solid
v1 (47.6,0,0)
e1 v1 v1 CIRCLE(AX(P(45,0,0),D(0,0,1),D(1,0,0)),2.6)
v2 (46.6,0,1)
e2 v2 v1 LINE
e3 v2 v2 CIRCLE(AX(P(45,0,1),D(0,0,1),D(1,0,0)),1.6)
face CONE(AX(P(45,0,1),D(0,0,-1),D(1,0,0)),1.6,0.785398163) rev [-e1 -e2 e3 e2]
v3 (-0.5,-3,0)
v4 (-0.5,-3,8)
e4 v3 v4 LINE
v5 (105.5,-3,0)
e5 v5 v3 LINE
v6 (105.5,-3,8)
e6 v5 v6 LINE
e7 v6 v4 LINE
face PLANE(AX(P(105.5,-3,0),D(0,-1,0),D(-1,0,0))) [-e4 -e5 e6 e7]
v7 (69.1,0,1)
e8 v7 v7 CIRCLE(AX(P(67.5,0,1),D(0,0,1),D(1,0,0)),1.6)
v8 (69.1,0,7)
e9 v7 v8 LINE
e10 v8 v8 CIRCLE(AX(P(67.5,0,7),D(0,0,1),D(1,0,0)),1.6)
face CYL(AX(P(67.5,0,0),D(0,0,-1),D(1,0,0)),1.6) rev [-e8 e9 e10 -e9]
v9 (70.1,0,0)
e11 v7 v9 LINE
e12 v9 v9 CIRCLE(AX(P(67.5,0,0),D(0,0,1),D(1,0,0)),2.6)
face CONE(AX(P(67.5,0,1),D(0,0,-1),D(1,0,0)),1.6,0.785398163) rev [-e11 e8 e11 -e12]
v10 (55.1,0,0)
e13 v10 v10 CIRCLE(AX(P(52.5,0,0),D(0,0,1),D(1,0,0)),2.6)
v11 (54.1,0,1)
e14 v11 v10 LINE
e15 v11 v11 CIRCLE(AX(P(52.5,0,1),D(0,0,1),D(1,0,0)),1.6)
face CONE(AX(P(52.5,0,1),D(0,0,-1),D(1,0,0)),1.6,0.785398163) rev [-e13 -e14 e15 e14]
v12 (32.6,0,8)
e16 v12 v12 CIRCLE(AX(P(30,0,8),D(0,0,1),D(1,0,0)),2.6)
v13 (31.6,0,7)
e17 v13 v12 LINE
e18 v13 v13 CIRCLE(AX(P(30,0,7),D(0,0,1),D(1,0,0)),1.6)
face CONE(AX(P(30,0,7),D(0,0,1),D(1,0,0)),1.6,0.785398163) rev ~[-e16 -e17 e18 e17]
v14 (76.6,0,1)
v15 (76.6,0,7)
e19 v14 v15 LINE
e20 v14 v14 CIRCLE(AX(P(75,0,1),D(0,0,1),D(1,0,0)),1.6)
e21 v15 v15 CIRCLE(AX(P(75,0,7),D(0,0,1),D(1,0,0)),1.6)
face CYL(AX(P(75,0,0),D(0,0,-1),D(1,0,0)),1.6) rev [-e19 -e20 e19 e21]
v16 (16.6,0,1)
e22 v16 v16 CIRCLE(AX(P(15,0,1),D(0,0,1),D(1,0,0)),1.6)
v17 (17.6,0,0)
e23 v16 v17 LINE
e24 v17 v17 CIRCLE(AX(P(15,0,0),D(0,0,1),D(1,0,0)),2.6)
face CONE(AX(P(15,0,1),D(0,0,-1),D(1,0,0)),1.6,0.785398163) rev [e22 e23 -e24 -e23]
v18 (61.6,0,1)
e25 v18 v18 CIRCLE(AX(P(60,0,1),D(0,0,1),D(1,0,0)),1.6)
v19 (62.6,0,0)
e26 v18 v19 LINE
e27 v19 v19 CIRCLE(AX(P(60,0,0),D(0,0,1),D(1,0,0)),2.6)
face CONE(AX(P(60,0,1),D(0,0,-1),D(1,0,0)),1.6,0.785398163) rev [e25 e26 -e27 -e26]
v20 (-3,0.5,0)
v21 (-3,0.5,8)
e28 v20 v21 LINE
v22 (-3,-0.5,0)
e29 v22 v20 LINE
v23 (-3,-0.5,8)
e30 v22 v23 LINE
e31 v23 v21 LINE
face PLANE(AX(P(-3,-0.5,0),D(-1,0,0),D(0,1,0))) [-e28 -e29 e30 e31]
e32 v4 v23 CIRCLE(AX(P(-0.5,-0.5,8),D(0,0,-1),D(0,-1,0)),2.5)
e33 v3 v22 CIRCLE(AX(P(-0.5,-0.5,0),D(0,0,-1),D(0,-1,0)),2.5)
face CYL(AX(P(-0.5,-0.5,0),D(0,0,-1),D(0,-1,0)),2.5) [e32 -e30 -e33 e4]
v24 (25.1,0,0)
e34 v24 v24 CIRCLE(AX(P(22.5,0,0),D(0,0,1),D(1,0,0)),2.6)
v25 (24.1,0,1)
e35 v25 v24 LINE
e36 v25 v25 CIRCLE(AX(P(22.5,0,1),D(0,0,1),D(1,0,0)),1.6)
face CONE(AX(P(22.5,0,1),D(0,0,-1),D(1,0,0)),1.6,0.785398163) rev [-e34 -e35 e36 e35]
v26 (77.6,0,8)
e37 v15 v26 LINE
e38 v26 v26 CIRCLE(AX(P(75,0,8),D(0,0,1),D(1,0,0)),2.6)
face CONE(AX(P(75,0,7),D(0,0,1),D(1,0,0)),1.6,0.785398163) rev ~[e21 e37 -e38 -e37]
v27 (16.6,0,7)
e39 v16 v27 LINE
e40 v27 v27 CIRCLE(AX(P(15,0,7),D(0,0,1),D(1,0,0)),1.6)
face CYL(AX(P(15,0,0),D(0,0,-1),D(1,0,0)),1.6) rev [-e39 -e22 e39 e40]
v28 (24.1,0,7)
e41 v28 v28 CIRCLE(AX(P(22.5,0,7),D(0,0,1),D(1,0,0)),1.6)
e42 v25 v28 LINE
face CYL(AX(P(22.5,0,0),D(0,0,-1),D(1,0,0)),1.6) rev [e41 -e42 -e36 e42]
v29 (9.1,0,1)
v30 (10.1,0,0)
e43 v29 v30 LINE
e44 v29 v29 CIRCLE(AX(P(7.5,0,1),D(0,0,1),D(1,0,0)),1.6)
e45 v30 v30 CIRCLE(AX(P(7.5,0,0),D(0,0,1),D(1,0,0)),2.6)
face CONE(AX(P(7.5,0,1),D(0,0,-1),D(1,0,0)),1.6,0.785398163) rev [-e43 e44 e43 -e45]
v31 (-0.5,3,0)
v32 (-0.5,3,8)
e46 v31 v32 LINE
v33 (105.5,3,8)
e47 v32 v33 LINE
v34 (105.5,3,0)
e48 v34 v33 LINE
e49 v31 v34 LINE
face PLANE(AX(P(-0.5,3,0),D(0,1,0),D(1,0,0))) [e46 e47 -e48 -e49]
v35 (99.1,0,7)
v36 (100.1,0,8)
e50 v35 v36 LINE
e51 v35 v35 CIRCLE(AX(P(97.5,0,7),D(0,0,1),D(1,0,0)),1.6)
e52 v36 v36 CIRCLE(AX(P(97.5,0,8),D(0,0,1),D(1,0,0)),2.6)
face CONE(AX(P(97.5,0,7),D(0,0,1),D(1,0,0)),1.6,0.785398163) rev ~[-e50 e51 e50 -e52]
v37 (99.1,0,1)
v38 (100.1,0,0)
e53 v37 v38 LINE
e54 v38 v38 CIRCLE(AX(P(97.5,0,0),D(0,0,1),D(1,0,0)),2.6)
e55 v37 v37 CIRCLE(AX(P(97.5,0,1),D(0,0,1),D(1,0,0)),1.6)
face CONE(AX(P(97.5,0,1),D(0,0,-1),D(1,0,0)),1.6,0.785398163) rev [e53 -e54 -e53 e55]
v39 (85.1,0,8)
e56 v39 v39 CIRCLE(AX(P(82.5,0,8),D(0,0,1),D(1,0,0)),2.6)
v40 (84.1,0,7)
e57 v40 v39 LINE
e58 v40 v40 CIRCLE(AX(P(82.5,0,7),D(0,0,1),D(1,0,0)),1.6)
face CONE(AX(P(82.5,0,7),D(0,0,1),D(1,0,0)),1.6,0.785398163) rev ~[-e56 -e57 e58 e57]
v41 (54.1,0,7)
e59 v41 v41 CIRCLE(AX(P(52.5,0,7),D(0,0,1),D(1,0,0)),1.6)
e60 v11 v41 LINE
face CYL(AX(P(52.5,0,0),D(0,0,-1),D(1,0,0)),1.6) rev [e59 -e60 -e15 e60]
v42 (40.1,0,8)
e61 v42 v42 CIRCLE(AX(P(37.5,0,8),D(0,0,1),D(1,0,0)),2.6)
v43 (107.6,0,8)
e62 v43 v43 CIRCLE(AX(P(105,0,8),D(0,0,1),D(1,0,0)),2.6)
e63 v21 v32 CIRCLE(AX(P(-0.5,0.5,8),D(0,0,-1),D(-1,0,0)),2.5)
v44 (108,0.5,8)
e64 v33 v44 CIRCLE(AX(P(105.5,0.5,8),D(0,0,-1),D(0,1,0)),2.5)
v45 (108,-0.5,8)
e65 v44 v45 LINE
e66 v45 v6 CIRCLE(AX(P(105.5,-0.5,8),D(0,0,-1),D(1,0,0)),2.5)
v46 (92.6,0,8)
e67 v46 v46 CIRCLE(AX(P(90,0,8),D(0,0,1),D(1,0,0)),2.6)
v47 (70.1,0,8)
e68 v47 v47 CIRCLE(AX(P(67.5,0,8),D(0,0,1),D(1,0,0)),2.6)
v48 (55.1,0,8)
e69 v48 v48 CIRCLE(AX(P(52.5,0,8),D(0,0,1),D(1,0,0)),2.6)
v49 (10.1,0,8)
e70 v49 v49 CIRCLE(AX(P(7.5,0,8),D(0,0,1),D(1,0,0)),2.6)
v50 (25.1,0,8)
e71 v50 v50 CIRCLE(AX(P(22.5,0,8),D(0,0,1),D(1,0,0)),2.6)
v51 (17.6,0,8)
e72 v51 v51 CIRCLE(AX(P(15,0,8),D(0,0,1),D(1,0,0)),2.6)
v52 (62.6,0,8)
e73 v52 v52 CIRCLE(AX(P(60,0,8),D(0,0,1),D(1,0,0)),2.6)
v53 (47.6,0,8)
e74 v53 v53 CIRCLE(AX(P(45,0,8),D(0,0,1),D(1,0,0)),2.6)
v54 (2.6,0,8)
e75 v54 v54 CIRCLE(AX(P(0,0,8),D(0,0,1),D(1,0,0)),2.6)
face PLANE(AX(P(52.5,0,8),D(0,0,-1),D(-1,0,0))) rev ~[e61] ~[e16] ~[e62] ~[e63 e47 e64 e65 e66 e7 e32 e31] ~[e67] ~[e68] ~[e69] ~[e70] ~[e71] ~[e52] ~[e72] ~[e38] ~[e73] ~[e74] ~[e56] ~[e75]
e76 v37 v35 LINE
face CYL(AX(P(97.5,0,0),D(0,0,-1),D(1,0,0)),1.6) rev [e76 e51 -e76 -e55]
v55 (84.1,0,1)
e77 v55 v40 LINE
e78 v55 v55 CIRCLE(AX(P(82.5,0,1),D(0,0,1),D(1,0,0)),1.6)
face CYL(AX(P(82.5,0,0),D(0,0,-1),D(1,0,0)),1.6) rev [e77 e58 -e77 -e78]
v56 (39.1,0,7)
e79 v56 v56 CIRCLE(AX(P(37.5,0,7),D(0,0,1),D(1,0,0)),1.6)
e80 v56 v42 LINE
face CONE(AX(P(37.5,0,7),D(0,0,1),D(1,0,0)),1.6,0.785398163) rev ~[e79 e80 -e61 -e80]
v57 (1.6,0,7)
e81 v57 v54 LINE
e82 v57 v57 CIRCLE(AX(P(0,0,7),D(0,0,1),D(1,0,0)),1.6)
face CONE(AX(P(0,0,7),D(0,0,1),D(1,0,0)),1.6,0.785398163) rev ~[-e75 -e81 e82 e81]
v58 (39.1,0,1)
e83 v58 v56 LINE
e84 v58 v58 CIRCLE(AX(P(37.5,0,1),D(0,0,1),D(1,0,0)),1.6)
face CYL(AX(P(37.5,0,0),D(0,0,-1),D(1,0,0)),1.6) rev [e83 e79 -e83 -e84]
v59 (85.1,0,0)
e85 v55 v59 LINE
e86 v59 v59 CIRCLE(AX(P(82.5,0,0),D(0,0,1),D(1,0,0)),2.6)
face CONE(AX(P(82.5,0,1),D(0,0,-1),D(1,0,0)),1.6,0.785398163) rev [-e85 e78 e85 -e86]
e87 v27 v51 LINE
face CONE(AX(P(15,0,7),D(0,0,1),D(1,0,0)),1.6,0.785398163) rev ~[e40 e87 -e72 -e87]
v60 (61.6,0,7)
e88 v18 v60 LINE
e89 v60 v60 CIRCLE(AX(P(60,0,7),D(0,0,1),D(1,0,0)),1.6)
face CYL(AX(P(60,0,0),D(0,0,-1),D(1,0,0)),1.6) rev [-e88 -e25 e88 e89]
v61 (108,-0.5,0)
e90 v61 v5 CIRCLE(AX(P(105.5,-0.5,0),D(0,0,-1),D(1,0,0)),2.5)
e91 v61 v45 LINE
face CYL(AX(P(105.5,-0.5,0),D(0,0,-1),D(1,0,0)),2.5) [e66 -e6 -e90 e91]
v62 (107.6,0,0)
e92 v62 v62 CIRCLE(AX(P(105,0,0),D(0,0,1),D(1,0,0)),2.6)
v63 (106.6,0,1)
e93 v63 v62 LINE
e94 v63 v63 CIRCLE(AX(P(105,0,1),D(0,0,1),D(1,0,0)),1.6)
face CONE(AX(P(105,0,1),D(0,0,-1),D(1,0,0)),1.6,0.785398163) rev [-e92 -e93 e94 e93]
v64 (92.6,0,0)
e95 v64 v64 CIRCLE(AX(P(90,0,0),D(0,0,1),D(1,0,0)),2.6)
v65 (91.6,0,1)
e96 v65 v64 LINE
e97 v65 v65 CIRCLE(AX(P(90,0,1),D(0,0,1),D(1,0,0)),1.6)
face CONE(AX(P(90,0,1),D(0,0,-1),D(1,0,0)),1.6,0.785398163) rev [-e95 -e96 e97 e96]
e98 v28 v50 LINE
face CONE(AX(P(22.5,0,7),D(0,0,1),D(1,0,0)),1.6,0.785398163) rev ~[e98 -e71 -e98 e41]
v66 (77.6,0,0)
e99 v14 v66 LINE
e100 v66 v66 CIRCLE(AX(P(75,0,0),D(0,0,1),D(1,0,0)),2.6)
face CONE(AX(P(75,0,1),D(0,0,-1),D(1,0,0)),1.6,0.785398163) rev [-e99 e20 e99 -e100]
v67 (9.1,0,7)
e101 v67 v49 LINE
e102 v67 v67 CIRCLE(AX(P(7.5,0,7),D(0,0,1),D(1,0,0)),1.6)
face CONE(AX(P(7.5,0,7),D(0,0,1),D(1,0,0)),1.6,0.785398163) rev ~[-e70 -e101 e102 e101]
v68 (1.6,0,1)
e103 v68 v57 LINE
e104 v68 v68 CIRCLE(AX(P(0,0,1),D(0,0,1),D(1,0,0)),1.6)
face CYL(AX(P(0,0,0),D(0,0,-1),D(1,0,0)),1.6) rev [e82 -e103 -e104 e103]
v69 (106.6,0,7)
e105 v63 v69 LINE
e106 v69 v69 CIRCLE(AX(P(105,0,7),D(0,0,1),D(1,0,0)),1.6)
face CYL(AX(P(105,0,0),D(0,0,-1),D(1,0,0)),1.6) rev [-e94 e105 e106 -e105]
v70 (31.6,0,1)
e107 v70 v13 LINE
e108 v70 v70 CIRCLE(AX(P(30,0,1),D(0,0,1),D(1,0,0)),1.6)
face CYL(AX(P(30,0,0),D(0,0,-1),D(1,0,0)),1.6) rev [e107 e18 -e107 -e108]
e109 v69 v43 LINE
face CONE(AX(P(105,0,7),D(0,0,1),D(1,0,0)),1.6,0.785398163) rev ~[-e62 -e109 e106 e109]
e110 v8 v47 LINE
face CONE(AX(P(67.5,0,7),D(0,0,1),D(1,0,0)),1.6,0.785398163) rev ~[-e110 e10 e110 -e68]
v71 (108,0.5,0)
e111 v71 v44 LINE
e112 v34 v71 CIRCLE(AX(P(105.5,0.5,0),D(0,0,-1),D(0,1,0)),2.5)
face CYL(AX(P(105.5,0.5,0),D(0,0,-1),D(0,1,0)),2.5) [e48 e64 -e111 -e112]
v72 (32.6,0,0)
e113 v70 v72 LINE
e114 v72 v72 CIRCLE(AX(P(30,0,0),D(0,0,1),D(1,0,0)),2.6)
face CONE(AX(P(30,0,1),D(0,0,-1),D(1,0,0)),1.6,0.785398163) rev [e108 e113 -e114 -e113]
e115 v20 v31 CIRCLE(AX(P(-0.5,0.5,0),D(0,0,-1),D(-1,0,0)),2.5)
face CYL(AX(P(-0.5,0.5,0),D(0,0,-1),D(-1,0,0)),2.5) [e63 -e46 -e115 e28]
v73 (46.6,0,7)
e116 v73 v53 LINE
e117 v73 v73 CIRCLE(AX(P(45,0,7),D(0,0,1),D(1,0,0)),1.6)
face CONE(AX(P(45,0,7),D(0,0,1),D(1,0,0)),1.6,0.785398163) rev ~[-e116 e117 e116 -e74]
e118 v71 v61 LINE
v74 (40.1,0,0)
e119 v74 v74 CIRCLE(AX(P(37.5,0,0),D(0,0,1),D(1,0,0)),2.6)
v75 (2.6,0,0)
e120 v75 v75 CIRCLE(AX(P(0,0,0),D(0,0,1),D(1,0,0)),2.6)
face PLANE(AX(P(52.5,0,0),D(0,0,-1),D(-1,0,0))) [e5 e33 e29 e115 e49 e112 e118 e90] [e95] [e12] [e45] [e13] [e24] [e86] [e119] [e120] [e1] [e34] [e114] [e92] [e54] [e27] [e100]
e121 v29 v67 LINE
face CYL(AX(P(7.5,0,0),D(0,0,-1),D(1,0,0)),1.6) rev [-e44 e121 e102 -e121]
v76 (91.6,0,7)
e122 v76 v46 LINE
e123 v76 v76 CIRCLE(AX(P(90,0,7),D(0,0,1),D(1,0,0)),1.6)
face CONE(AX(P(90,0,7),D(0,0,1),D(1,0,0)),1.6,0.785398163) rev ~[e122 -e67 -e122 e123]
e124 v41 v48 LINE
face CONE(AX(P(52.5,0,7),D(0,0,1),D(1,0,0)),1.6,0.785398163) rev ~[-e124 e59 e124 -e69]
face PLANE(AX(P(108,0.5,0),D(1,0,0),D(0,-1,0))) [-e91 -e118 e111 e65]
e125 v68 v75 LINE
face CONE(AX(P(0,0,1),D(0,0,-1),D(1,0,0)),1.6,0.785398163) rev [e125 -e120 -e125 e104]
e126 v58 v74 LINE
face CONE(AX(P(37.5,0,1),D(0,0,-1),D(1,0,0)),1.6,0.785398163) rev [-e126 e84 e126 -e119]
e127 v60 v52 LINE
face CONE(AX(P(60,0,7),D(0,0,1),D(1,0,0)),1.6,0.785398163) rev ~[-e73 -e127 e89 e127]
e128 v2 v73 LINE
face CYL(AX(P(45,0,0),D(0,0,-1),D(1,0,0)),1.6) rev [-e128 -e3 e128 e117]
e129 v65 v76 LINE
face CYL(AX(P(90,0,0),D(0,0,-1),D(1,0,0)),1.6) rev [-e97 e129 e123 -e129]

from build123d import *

# Parameters (mm, degrees)
SKETCH1_R           = 1.6
BOSS_EXTRUDE1_DEPTH = 8
CHAMFER1_SIZE       = 1


with BuildPart() as part:
    # Sketch1 → Boss-Extrude1 (new body)
    with BuildSketch(Plane.XY):
        with BuildLine():
            Line((-0.5, 3), (105.5, 3))
            ThreePointArc((105.5, 3), (107.267766953, 2.267766953), (108, 0.5))
            Line((108, 0.5), (108, -0.5))
            ThreePointArc((108, -0.5), (107.267766953, -2.267766953), (105.5, -3))
            Line((105.5, -3), (-0.5, -3))
            ThreePointArc((-0.5, -3), (-2.267766953, -2.267766953), (-3, -0.5))
            Line((-3, -0.5), (-3, 0.5))
            ThreePointArc((-3, 0.5), (-2.267766953, 2.267766953), (-0.5, 3))
        make_face()
        Circle(SKETCH1_R, mode=Mode.SUBTRACT)
        with Locations((7.5, 0)):
            Circle(SKETCH1_R, mode=Mode.SUBTRACT)
        with Locations((15, 0)):
            Circle(SKETCH1_R, mode=Mode.SUBTRACT)
        with Locations((22.5, 0)):
            Circle(SKETCH1_R, mode=Mode.SUBTRACT)
        with Locations((30, 0)):
            Circle(SKETCH1_R, mode=Mode.SUBTRACT)
        with Locations((37.5, 0)):
            Circle(SKETCH1_R, mode=Mode.SUBTRACT)
        with Locations((45, 0)):
            Circle(SKETCH1_R, mode=Mode.SUBTRACT)
        with Locations((52.5, 0)):
            Circle(SKETCH1_R, mode=Mode.SUBTRACT)
        with Locations((60, 0)):
            Circle(SKETCH1_R, mode=Mode.SUBTRACT)
        with Locations((67.5, 0)):
            Circle(SKETCH1_R, mode=Mode.SUBTRACT)
        with Locations((75, 0)):
            Circle(SKETCH1_R, mode=Mode.SUBTRACT)
        with Locations((82.5, 0)):
            Circle(SKETCH1_R, mode=Mode.SUBTRACT)
        with Locations((90, 0)):
            Circle(SKETCH1_R, mode=Mode.SUBTRACT)
        with Locations((97.5, 0)):
            Circle(SKETCH1_R, mode=Mode.SUBTRACT)
        with Locations((105, 0)):
            Circle(SKETCH1_R, mode=Mode.SUBTRACT)
    extrude(amount=BOSS_EXTRUDE1_DEPTH)

    # Chamfer1
    chamfer1_edges = [part.edges().sort_by_distance(p)[0] for p in [
        (-1.6, 0, 0),
        (-1.6, 0, 8),
        (5.9, 0, 0),
        (5.9, 0, 8),
        (13.4, 0, 0),
        (13.4, 0, 8),
        (20.9, 0, 0),
        (20.9, 0, 8),
        (28.4, 0, 0),
        (28.4, 0, 8),
        (35.9, 0, 0),
        (35.9, 0, 8),
        (43.4, 0, 0),
        (43.4, 0, 8),
        (50.9, 0, 0),
        (50.9, 0, 8),
        (58.4, 0, 0),
        (58.4, 0, 8),
        (65.9, 0, 0),
        (65.9, 0, 8),
        (73.4, 0, 0),
        (73.4, 0, 8),
        (80.9, 0, 0),
        (80.9, 0, 8),
        (88.4, 0, 0),
        (88.4, 0, 8),
        (95.9, 0, 0),
        (95.9, 0, 8),
        (103.4, 0, 0),
        (103.4, 0, 8),
    ]]
    chamfer(chamfer1_edges, length=CHAMFER1_SIZE)


solid = part.part
